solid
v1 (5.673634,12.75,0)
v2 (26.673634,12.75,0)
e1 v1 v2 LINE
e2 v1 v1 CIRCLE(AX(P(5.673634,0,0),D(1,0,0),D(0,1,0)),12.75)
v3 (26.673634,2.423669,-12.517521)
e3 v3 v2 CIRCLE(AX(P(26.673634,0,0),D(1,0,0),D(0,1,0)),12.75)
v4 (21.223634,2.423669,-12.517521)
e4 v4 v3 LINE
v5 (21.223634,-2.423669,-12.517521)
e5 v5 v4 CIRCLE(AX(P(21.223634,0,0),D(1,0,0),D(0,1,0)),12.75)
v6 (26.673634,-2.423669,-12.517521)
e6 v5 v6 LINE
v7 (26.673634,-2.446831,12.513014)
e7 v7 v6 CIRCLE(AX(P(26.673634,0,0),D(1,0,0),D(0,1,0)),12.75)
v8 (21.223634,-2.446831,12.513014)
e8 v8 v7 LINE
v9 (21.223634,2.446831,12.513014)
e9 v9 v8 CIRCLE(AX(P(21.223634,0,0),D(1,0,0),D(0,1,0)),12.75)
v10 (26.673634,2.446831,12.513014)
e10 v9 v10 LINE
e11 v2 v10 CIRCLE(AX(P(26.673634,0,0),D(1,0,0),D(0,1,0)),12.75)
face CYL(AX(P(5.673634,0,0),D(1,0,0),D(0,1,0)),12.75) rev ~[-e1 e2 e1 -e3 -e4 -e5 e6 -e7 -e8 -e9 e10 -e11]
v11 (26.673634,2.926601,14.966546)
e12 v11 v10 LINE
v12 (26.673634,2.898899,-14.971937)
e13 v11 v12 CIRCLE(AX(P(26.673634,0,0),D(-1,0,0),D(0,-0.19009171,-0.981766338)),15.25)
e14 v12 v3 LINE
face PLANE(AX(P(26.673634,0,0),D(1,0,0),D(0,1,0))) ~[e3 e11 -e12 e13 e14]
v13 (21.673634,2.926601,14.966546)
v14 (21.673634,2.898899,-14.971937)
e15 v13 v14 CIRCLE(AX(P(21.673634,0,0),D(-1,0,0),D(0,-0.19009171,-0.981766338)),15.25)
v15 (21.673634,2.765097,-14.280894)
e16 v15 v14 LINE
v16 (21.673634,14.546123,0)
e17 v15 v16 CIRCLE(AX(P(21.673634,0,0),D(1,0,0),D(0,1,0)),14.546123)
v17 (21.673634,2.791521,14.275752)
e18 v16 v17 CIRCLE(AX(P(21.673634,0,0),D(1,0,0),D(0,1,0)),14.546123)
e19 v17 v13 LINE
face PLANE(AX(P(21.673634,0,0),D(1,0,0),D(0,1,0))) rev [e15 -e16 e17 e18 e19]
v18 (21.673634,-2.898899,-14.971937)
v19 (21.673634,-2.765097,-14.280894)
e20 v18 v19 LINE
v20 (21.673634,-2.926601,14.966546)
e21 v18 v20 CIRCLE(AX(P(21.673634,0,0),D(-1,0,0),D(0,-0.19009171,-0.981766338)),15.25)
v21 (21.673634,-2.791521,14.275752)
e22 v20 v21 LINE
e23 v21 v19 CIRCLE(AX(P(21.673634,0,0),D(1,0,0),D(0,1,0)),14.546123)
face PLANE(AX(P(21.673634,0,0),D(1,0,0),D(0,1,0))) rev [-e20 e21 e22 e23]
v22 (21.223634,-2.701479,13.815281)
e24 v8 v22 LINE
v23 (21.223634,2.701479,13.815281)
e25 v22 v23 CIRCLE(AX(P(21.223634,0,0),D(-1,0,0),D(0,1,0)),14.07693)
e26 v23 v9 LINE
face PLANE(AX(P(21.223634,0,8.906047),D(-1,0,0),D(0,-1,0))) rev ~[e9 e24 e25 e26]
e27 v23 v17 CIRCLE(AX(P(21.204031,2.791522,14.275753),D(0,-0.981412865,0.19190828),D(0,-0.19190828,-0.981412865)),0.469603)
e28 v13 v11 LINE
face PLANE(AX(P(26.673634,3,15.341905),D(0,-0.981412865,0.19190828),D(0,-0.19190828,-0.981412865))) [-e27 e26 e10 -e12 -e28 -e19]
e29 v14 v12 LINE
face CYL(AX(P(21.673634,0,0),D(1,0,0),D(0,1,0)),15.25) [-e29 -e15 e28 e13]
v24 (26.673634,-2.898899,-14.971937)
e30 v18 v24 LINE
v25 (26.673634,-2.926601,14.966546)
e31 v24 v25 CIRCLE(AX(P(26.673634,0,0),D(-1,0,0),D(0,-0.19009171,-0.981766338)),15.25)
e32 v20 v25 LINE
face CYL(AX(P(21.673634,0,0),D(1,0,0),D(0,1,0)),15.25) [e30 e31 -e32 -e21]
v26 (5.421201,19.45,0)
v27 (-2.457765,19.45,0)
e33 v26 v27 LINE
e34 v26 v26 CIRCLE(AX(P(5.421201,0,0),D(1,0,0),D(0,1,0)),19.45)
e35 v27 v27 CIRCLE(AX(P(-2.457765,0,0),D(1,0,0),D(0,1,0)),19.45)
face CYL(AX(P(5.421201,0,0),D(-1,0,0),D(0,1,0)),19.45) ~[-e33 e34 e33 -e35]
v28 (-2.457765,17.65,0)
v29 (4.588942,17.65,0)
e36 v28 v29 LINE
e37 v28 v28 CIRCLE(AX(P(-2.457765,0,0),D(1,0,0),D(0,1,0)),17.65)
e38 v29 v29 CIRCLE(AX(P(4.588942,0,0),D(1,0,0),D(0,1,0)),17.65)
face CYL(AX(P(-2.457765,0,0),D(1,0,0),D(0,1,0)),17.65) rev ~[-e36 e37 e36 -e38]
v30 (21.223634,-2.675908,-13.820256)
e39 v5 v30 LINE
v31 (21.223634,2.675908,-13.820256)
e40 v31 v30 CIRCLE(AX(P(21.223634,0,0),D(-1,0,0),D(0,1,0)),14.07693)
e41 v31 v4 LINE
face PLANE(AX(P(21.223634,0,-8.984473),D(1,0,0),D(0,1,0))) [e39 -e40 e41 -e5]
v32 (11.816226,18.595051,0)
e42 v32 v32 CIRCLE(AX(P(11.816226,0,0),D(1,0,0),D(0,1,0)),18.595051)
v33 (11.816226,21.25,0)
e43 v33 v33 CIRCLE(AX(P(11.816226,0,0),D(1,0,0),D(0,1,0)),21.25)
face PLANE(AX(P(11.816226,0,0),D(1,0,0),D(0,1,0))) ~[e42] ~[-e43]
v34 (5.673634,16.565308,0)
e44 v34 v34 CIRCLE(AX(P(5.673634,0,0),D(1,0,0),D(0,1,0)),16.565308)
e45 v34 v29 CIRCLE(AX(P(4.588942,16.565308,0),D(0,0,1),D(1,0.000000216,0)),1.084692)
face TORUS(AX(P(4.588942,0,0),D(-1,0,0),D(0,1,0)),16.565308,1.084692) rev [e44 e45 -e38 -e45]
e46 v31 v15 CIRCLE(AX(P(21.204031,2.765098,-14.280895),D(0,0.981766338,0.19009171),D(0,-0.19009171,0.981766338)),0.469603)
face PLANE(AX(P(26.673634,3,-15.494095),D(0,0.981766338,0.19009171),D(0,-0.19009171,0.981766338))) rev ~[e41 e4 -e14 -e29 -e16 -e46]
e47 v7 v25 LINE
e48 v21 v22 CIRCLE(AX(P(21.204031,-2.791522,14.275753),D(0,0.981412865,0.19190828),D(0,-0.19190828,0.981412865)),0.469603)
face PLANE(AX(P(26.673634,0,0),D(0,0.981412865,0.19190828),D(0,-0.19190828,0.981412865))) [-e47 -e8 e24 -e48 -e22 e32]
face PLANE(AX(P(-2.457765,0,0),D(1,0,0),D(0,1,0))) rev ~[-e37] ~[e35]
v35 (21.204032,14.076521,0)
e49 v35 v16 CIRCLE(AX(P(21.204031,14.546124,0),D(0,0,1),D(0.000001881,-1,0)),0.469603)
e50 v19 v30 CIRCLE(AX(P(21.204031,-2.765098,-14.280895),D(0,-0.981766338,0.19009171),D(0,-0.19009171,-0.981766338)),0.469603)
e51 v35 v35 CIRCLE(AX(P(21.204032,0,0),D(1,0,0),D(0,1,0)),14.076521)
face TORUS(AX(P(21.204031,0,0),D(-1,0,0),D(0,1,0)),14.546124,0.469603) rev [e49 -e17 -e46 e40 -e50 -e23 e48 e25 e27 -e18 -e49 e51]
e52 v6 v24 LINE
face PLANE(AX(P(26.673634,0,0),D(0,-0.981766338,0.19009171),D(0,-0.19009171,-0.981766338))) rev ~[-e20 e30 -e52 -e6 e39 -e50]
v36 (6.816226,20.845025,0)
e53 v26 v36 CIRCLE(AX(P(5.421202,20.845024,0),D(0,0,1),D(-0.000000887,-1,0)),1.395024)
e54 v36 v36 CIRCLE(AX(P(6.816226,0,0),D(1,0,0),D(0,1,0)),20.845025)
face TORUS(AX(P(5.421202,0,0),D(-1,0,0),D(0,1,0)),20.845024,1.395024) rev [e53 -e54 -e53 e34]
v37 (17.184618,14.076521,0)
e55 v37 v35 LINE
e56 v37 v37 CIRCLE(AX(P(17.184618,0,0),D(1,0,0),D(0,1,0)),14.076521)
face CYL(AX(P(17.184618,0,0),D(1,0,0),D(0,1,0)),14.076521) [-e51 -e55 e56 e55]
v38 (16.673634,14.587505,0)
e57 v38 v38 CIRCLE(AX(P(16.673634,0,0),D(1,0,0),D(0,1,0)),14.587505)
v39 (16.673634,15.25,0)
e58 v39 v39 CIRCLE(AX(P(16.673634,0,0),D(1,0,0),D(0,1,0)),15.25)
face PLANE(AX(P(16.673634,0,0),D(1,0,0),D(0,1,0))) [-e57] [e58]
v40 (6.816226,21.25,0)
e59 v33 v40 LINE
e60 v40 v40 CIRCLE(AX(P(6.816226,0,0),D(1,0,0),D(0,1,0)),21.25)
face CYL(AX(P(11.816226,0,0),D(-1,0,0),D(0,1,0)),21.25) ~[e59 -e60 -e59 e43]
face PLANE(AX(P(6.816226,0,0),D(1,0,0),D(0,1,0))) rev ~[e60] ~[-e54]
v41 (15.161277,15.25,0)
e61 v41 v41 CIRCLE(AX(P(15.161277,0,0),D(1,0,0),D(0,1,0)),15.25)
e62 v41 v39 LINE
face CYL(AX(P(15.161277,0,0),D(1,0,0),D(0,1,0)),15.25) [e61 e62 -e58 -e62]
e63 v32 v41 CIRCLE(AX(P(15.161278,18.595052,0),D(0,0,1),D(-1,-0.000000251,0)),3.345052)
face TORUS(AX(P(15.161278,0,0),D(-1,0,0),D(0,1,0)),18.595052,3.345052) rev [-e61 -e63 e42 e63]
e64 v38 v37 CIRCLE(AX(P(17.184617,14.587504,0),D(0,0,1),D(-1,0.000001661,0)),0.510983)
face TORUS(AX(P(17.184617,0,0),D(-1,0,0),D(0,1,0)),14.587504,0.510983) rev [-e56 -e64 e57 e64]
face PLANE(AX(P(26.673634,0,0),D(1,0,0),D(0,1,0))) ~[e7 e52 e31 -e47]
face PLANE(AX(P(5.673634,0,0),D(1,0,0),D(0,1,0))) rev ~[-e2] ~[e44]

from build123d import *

# Parameters (mm, degrees)
POCKET_DEPTH    = 5.45
POCKET001_DEPTH = 5.45


with BuildPart() as part:
    # Sketch → Revolution (revolve)
    with BuildSketch(Plane.XY):
        with BuildLine():
            Line((11.816226, 18.595051), (11.816226, 21.25))
            Line((11.816226, 21.25), (6.816226, 21.25))
            Line((6.816226, 21.25), (6.816226, 20.845025))
            ThreePointArc((5.421201, 19.45), (6.407633, 19.858593), (6.816226, 20.845025))
            Line((5.421201, 19.45), (-2.457765, 19.45))
            Line((-2.457765, 19.45), (-2.457765, 17.65))
            Line((-2.457765, 17.65), (4.588942, 17.65))
            ThreePointArc((5.673634, 16.565308), (5.355935, 17.332301), (4.588942, 17.65))
            Line((5.673634, 16.565308), (5.673634, 12.75))
            Line((5.673634, 12.75), (26.673634, 12.75))
            Line((26.673634, 12.75), (26.673634, 15.25))
            Line((21.673634, 15.25), (26.673634, 15.25))
            Line((21.673634, 14.546123), (21.673634, 15.25))
            ThreePointArc((21.204032, 14.076521), (21.53609, 14.214064), (21.673634, 14.546123))
            Line((17.184618, 14.076521), (21.204032, 14.076521))
            ThreePointArc((16.673634, 14.587505), (16.823297, 14.226185), (17.184618, 14.076521))
            Line((16.673634, 15.25), (16.673634, 14.587505))
            Line((15.161277, 15.25), (16.673634, 15.25))
            ThreePointArc((11.816226, 18.595051), (12.795969, 16.229743), (15.161277, 15.25))
        make_face()
    revolve(axis=Axis((0, 0, 0), (1, 0, 0)))

    # Sketch001 (on Face11 of Revolution) → Pocket (cut)
    with BuildSketch(Plane.YZ.offset(26.673634)):
        Polygon((0, 0), (-3, -15.494095), (3, -15.494095), align=None)
    extrude(amount=-POCKET_DEPTH, mode=Mode.SUBTRACT)

    # CopySketch002 → Pocket001 (cut)
    with BuildSketch(Plane.YZ.offset(26.673634)):
        Polygon((0, 0), (-3, 15.341905), (3, 15.341905), align=None)
    extrude(amount=-POCKET001_DEPTH, mode=Mode.SUBTRACT)


solid = part.part
